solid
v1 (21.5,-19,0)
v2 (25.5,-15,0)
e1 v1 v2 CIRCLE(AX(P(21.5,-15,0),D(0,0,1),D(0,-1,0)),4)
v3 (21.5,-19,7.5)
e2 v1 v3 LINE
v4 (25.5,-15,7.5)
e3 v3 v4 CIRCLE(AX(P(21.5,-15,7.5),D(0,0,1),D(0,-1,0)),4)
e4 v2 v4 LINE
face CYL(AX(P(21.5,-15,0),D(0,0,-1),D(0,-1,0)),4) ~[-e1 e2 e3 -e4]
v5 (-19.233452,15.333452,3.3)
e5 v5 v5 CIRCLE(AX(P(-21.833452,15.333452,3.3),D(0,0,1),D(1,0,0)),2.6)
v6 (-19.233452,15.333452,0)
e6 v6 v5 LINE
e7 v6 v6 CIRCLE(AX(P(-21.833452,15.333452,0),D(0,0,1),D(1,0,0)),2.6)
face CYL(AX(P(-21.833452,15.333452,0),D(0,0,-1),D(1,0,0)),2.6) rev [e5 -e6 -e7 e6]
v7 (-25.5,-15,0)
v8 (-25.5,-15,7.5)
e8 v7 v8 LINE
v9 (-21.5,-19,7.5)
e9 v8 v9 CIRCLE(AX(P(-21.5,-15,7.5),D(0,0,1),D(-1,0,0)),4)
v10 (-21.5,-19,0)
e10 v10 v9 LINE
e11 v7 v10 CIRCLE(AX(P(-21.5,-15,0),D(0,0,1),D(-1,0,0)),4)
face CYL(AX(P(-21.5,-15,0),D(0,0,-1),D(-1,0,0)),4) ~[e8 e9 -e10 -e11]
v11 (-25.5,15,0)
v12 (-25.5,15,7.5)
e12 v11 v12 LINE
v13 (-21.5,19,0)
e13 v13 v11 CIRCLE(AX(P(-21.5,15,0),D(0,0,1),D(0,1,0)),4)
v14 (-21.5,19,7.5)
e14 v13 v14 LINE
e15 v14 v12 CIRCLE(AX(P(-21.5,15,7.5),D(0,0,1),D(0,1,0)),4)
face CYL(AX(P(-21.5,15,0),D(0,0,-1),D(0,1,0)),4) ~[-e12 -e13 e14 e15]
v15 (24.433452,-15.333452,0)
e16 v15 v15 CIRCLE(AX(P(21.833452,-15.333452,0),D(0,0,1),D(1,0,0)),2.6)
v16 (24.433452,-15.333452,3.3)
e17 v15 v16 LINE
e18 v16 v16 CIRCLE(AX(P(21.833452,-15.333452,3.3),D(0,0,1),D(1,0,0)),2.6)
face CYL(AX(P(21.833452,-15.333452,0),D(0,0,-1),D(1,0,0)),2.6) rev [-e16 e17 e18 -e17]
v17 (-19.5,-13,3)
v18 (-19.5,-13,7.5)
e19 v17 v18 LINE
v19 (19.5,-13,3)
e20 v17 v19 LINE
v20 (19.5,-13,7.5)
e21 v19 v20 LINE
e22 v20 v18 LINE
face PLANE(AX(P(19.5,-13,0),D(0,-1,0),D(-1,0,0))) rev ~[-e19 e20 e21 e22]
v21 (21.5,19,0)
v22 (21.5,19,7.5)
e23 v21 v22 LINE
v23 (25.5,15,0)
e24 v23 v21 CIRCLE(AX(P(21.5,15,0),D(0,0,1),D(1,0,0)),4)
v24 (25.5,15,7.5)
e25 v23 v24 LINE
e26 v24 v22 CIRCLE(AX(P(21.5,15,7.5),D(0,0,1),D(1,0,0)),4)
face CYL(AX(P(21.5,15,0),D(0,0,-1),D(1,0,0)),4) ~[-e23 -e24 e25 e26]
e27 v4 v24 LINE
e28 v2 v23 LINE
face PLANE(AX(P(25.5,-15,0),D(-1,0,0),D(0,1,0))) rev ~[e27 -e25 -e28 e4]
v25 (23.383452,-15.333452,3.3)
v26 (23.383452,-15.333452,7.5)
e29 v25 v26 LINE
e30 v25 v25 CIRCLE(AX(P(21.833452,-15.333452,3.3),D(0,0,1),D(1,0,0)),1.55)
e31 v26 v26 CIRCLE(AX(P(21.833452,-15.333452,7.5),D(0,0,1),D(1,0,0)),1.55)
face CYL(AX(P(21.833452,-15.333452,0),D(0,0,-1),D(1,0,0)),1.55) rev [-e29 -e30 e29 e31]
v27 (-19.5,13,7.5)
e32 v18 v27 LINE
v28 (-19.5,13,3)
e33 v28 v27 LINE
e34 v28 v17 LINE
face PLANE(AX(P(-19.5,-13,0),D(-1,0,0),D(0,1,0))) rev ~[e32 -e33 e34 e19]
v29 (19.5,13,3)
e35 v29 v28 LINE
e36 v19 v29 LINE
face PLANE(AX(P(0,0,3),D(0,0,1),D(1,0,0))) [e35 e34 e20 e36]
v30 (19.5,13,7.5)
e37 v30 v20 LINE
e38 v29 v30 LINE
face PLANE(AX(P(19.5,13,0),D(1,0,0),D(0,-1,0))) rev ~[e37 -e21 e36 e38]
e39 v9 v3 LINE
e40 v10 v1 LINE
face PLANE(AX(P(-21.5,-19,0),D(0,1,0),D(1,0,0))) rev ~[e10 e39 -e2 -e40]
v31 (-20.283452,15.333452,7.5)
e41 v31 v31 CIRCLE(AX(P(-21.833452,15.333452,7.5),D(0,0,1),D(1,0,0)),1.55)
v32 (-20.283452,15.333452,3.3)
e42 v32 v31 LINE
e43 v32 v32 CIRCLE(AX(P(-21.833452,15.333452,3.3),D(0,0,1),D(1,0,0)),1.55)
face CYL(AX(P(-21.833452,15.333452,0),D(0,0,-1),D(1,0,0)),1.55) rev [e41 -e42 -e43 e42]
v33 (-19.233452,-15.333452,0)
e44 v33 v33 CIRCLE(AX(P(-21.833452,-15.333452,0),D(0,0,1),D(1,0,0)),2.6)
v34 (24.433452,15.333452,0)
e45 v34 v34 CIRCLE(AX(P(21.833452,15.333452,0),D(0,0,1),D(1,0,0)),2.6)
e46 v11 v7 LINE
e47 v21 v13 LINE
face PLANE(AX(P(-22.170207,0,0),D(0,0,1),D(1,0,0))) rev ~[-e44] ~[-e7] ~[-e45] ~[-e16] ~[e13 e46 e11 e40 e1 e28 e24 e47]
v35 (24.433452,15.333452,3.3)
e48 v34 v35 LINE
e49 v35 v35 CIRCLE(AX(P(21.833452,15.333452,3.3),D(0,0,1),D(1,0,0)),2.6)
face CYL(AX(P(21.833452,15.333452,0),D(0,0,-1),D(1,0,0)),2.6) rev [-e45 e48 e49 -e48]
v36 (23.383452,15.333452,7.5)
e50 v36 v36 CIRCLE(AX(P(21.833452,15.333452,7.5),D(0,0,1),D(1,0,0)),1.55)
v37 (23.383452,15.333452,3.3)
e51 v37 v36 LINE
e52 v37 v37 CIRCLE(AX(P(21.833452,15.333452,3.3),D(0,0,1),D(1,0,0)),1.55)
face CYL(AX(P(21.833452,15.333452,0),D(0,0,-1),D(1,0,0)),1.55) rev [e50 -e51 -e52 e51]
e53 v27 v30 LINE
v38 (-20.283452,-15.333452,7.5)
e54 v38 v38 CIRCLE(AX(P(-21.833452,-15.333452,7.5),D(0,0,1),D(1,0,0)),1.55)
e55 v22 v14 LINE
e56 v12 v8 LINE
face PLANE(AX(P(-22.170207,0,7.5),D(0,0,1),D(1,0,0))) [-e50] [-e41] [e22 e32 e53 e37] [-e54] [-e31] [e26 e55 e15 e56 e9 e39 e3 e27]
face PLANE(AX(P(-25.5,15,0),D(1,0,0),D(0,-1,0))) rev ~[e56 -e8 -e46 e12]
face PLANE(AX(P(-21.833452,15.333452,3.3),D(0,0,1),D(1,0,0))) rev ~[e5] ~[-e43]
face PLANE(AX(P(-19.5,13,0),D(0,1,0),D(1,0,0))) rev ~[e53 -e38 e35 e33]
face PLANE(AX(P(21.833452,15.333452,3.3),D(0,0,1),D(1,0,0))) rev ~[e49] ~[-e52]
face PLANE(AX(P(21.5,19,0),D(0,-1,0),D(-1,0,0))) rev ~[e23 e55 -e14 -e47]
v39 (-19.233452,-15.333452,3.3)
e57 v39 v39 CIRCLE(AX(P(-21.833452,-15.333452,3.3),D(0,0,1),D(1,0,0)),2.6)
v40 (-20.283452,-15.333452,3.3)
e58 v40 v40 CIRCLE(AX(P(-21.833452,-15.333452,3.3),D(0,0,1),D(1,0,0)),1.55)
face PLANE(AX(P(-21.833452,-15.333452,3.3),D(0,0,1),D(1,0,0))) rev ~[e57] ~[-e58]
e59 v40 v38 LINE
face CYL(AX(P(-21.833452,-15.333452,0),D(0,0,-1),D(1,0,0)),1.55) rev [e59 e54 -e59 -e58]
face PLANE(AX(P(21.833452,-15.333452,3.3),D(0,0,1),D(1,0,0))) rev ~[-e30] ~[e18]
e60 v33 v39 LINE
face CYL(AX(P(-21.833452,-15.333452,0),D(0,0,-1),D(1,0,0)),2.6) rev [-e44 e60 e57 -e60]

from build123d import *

# Parameters (mm, degrees)
F1_DEPTH = 3
F0_R     = 2.6
F0_W     = 13.2
F0_H     = 6
F0_W_2   = 2
F0_W_3   = 5.6
F0_H_2   = 8.5
F0_W_4   = 0.4
F0_H_3   = 2.75
F0_R_2   = 1.55
F2_DEPTH = 7.5
F3_DEPTH = 3.3


with BuildPart() as f1:
    # F0 (on Top) → F1 (new body)
    with BuildSketch(Plane.XY):
        Polygon((19.5, 13), (9.5, 13), (-3.7, 13), (-5.7, 13), (-18.9, 13), (-19.5, 13), (-19.5, -13), (-18.9, -13), (-5.7, -13), (-3.7, -13), (9.5, -13), (19.5, -13), (19.5, -7), (19.5, -4.25), (19.5, 4.25), (19.5, 7), align=None)
    extrude(amount=F1_DEPTH)

    # F0 (on Top) → F2 (join)
    with BuildSketch(Plane.XY):
        with BuildLine():
            Line((-18.9, 13), (-18.9, 19))
            Line((-18.9, 19), (-21.5, 19))
            ThreePointArc((-21.5, 19), (-24.3284271247, 17.8284271247), (-25.5, 15))
            Line((-25.5, 15), (-25.5, -15))
            ThreePointArc((-25.5, -15), (-24.3284271247, -17.8284271247), (-21.5, -19))
            Line((-21.5, -19), (-18.9, -19))
            Line((-18.9, -19), (-18.9, -13))
            Line((-18.9, -13), (-19.5, -13))
            Line((-19.5, -13), (-19.5, 13))
            Line((-19.5, 13), (-18.9, 13))
        make_face()
        with Locations((-21.8334523779, -15.3334523779)):
            Circle(F0_R, mode=Mode.SUBTRACT)
        with Locations((-21.8334523779, 15.3334523779)):
            Circle(F0_R, mode=Mode.SUBTRACT)
        with Locations((-12.3, -16)):
            Rectangle(F0_W, F0_H)
        with Locations((-4.7, -16)):
            Rectangle(F0_W_2, F0_H)
        with Locations((2.9, -16)):
            Rectangle(F0_W, F0_H)
        with BuildLine():
            Line((25.5, -15), (25.5, -7))
            Line((25.5, -7), (25.1, -7))
            Line((25.1, -7), (19.5, -7))
            Line((19.5, -7), (19.5, -13))
            Line((19.5, -13), (9.5, -13))
            Line((9.5, -13), (9.5, -19))
            Line((9.5, -19), (21.5, -19))
            ThreePointArc((21.5, -19), (24.3284271247, -17.8284271247), (25.5, -15))
        make_face()
        with Locations((21.8334523779, -15.3334523779)):
            Circle(F0_R, mode=Mode.SUBTRACT)
        with Locations((22.3, 0)):
            Rectangle(F0_W_3, F0_H_2)
        with Locations((25.3, -5.625)):
            Rectangle(F0_W_4, F0_H_3)
        with Locations((22.3, -5.625)):
            Rectangle(F0_W_3, F0_H_3)
        with Locations((25.3, 0)):
            Rectangle(F0_W_4, F0_H_2)
        with Locations((22.3, 5.625)):
            Rectangle(F0_W_3, F0_H_3)
        with Locations((25.3, 5.625)):
            Rectangle(F0_W_4, F0_H_3)
        with BuildLine():
            ThreePointArc((25.5, 15), (24.3284271247, 17.8284271247), (21.5, 19))
            Line((21.5, 19), (9.5, 19))
            Line((9.5, 19), (9.5, 13))
            Line((9.5, 13), (19.5, 13))
            Line((19.5, 13), (19.5, 7))
            Line((19.5, 7), (25.1, 7))
            Line((25.1, 7), (25.5, 7))
            Line((25.5, 7), (25.5, 15))
        make_face()
        with Locations((21.8334523779, 15.3334523779)):
            Circle(F0_R, mode=Mode.SUBTRACT)
        with Locations((2.9, 16)):
            Rectangle(F0_W, F0_H)
        with Locations((-4.7, 16)):
            Rectangle(F0_W_2, F0_H)
        with Locations((-12.3, 16)):
            Rectangle(F0_W, F0_H)
        with Locations((-21.8334523779, 15.3334523779)):
            Circle(F0_R)
        with Locations((-21.8334523779, 15.3334523779)):
            Circle(F0_R_2, mode=Mode.SUBTRACT)
        with Locations((-21.8334523779, -15.3334523779)):
            Circle(F0_R)
        with Locations((-21.8334523779, -15.3334523779)):
            Circle(F0_R_2, mode=Mode.SUBTRACT)
        with Locations((21.8334523779, -15.3334523779)):
            Circle(F0_R)
        with Locations((21.8334523779, -15.3334523779)):
            Circle(F0_R_2, mode=Mode.SUBTRACT)
        with Locations((21.8334523779, 15.3334523779)):
            Circle(F0_R)
        with Locations((21.8334523779, 15.3334523779)):
            Circle(F0_R_2, mode=Mode.SUBTRACT)
    extrude(amount=F2_DEPTH)

    # F0 (on Top) → F3 (cut)
    with BuildSketch(Plane.XY):
        with Locations((-21.8334523779, -15.3334523779)):
            Circle(F0_R)
        with Locations((-21.8334523779, -15.3334523779)):
            Circle(F0_R_2, mode=Mode.SUBTRACT)
        with Locations((21.8334523779, -15.3334523779)):
            Circle(F0_R)
        with Locations((21.8334523779, -15.3334523779)):
            Circle(F0_R_2, mode=Mode.SUBTRACT)
        with Locations((21.8334523779, 15.3334523779)):
            Circle(F0_R)
        with Locations((21.8334523779, 15.3334523779)):
            Circle(F0_R_2, mode=Mode.SUBTRACT)
        with Locations((-21.8334523779, 15.3334523779)):
            Circle(F0_R)
        with Locations((-21.8334523779, 15.3334523779)):
            Circle(F0_R_2, mode=Mode.SUBTRACT)
    extrude(amount=F3_DEPTH, mode=Mode.SUBTRACT)


solid = f1.part
